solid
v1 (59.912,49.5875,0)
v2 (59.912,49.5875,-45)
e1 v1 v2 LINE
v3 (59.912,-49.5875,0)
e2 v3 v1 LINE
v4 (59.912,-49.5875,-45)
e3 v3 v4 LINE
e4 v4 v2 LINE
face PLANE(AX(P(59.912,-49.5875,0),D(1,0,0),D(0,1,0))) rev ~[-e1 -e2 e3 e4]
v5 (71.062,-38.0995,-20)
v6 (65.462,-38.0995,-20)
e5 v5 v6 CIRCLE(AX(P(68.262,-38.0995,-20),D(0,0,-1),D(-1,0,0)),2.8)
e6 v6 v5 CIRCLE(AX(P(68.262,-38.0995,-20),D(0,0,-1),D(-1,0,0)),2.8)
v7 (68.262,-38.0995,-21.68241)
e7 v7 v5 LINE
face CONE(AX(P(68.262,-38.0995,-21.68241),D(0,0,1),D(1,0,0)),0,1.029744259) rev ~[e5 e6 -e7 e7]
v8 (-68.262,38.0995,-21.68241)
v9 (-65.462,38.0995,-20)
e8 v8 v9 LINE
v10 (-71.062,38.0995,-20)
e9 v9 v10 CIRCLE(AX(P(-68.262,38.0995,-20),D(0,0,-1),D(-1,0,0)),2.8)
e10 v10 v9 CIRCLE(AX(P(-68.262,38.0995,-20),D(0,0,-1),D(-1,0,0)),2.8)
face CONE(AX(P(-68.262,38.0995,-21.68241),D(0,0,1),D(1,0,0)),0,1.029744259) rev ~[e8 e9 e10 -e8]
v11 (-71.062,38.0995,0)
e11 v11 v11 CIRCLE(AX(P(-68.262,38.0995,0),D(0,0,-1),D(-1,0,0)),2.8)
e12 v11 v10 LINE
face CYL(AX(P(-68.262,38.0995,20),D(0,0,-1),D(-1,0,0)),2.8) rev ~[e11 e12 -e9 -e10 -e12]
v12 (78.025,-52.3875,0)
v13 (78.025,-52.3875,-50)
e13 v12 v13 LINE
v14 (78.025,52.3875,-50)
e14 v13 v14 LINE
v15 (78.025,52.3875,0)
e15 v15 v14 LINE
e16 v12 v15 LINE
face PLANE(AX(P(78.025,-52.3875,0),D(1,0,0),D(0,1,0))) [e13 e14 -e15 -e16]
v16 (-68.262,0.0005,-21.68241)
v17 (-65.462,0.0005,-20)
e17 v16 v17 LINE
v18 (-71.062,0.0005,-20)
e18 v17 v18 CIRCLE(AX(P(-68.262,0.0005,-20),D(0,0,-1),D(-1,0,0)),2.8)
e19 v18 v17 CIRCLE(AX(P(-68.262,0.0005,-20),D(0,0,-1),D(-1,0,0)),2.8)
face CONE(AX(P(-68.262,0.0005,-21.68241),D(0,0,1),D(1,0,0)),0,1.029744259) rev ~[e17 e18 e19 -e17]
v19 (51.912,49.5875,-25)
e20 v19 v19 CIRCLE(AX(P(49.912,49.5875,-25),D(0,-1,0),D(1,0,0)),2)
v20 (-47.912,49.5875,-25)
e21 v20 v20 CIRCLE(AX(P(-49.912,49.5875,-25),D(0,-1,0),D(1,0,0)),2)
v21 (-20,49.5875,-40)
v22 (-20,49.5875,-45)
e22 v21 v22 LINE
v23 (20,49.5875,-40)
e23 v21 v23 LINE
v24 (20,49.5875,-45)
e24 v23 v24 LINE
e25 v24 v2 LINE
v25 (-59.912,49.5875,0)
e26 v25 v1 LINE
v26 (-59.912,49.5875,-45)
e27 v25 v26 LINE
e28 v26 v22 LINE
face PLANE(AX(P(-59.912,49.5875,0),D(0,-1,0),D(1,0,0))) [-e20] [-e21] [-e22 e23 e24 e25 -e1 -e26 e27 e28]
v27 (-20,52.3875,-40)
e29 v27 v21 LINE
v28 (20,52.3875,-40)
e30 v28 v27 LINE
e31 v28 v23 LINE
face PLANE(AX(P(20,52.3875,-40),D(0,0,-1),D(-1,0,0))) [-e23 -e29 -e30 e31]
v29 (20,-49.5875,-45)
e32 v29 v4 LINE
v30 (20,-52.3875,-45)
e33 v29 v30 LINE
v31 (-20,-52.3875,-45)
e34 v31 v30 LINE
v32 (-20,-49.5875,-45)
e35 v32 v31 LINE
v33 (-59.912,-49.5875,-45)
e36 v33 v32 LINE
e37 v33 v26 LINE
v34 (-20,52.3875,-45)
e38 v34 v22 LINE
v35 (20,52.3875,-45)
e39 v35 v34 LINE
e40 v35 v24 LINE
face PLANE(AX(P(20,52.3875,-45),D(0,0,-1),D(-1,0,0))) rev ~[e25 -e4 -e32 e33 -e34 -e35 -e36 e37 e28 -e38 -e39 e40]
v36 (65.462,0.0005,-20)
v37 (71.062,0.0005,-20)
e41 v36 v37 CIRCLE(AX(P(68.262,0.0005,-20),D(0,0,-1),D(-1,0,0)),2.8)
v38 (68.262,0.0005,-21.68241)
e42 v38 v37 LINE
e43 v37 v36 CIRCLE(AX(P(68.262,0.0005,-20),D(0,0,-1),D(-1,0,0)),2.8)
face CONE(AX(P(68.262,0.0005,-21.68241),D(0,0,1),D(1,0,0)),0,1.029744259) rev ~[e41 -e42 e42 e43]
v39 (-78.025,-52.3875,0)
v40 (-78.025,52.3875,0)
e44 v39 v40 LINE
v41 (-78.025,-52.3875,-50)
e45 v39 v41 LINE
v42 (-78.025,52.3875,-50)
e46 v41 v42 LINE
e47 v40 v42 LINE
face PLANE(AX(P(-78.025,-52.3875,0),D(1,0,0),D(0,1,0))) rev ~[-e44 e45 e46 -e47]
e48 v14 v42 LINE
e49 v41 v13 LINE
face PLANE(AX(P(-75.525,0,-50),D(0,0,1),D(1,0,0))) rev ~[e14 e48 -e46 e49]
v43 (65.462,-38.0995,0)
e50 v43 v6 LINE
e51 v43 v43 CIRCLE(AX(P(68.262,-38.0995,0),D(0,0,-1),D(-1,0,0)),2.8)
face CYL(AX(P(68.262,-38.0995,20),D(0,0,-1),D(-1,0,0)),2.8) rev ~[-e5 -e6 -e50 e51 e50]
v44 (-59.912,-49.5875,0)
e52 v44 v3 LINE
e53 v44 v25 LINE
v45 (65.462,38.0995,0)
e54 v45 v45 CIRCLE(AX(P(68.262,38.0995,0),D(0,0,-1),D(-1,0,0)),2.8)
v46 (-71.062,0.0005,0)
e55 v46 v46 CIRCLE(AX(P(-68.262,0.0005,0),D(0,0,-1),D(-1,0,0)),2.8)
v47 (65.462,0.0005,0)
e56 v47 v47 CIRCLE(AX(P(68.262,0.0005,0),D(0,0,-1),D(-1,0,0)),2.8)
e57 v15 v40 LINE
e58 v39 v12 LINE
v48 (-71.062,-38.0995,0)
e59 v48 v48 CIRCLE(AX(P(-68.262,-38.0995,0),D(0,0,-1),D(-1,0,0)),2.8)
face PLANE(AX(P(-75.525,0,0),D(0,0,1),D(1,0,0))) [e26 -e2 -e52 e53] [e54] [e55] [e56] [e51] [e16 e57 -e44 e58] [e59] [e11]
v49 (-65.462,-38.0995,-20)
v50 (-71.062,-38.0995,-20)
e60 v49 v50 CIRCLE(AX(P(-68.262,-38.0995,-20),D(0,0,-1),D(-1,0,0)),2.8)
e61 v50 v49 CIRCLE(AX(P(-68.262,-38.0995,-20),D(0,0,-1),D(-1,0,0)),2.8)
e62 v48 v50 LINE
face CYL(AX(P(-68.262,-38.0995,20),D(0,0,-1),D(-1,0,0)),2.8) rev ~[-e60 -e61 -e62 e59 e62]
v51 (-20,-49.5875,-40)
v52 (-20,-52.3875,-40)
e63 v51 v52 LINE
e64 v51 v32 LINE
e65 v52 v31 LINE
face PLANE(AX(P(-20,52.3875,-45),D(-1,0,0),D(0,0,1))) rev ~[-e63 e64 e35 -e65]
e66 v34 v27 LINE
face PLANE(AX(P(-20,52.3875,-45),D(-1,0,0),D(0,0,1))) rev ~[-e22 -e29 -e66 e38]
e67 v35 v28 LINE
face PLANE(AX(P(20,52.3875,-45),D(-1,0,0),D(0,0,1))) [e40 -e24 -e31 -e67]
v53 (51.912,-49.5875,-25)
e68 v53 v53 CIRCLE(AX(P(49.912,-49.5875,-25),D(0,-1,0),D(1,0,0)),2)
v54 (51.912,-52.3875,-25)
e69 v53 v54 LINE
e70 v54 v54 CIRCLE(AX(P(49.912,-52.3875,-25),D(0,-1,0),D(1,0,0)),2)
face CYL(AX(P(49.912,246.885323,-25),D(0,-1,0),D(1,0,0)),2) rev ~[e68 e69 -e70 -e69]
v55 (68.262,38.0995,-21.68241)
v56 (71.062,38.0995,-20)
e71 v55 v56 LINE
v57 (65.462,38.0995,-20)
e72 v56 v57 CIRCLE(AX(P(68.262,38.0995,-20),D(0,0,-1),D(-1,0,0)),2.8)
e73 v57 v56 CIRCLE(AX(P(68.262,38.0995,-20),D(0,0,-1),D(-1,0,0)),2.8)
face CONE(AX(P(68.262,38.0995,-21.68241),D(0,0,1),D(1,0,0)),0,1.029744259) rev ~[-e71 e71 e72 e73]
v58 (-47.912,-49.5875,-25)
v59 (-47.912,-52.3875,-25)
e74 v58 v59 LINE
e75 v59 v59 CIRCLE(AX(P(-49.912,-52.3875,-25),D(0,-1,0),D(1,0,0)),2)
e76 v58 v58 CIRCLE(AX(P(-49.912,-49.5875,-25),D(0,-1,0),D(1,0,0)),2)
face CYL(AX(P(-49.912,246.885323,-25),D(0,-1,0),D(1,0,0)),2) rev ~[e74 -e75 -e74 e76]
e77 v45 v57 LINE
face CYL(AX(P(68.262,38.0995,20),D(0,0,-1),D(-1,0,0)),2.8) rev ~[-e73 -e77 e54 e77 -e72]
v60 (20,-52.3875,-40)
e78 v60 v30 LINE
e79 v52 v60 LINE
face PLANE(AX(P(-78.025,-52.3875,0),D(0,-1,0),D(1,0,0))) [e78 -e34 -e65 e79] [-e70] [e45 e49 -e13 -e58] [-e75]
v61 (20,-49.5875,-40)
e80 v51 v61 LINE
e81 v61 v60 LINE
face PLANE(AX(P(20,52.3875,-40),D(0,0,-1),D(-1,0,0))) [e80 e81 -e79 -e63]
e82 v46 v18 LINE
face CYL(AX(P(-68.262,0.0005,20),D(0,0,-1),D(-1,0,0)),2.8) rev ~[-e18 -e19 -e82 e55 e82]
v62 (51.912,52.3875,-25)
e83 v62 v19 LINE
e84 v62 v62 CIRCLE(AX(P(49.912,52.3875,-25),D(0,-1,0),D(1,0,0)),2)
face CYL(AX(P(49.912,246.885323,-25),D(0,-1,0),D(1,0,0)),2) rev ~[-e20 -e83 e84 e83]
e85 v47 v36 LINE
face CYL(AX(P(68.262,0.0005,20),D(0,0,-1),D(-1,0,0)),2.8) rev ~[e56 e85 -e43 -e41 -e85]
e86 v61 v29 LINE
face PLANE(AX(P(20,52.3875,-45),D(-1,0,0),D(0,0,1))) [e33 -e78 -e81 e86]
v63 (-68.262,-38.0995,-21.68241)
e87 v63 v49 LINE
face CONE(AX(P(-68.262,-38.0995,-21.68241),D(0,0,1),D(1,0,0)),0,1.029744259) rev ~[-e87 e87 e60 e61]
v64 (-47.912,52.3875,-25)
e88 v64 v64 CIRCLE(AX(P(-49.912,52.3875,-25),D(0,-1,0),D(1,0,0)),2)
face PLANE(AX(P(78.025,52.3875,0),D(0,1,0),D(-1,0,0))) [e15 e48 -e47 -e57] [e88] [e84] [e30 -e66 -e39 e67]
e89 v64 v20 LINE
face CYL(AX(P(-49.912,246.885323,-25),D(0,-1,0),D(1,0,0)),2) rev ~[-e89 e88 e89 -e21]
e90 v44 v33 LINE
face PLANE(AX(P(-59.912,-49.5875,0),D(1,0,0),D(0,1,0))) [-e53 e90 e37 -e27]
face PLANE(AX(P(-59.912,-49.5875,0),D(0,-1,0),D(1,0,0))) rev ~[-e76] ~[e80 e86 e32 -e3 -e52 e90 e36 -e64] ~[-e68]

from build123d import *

# Parameters (mm, degrees)
F0_W     = 5
F0_H     = 104.775
F0_W_2   = 146.05
F0_R     = 3.24
F1_DEPTH = 50
F2_W     = 119.824
F2_H     = 99.175
F3_DEPTH = 45
F4_D     = 5.6
F4_DEPTH = 20
F4_TIP   = 1.6824097333
F5_W     = 40
F5_H     = 5
F6_DEPTH = 104.776
F7_D     = 4


with BuildPart() as f1:
    # F0 (on Top) → F1 (new body)
    with BuildSketch(Plane.XY):
        with Locations((-75.525, 0)):
            Rectangle(F0_W, F0_H)
        Rectangle(F0_W_2, F0_H)
        with Locations((-68.262, -38.0995)):
            Circle(F0_R, mode=Mode.SUBTRACT)
        with Locations((68.262, -38.0995)):
            Circle(F0_R, mode=Mode.SUBTRACT)
        with Locations((-68.262, 0.0005)):
            Circle(F0_R, mode=Mode.SUBTRACT)
        with BuildLine():
            ThreePointArc((68.262, 44.4495), (61.912, 38.0995), (68.262, 31.7495))
            Line((68.262, 31.7495), (72.225, 31.7495))
            Line((72.225, 31.7495), (72.225, 6.3505))
            Line((72.225, 6.3505), (68.262, 6.3505))
            ThreePointArc((68.262, 6.3505), (61.912, 0.0005), (68.262, -6.3495))
            Line((68.262, -6.3495), (72.225, -6.3495))
            Line((72.225, -6.3495), (72.225, -31.7495))
            Line((72.225, -31.7495), (68.262, -31.7495))
            ThreePointArc((68.262, -31.7495), (61.912, -38.0995), (68.262, -44.4495))
            Line((68.262, -44.4495), (72.225, -44.4495))
            Line((72.225, -44.4495), (72.225, -51.5875))
            Line((72.225, -51.5875), (-72.225, -51.5875))
            Line((-72.225, -51.5875), (-72.225, -44.4495))
            Line((-72.225, -44.4495), (-68.262, -44.4495))
            ThreePointArc((-68.262, -44.4495), (-61.912, -38.0995), (-68.262, -31.7495))
            Line((-68.262, -31.7495), (-72.225, -31.7495))
            Line((-72.225, -31.7495), (-72.225, -6.3495))
            Line((-72.225, -6.3495), (-68.262, -6.3495))
            ThreePointArc((-68.262, -6.3495), (-61.912, 0.0005), (-68.262, 6.3505))
            Line((-68.262, 6.3505), (-72.225, 6.3505))
            Line((-72.225, 6.3505), (-72.225, 31.7495))
            Line((-72.225, 31.7495), (-68.262, 31.7495))
            ThreePointArc((-68.262, 31.7495), (-61.912, 38.0995), (-68.262, 44.4495))
            Line((-68.262, 44.4495), (-72.225, 44.4495))
            Line((-72.225, 44.4495), (-72.225, 51.5875))
            Line((-72.225, 51.5875), (72.225, 51.5875))
            Line((72.225, 51.5875), (72.225, 44.4495))
            Line((72.225, 44.4495), (68.262, 44.4495))
        make_face(mode=Mode.SUBTRACT)
        with Locations((-68.262, 38.0995)):
            Circle(F0_R, mode=Mode.SUBTRACT)
        with Locations((68.262, 0.0005)):
            Circle(F0_R, mode=Mode.SUBTRACT)
        with Locations((68.262, 38.0995)):
            Circle(F0_R, mode=Mode.SUBTRACT)
        with Locations((75.525, 0)):
            Rectangle(F0_W, F0_H)
        with Locations((-68.262, 38.0995)):
            Circle(F0_R)
        with BuildLine():
            Line((72.225, 31.7495), (68.262, 31.7495))
            ThreePointArc((68.262, 31.7495), (61.912, 38.0995), (68.262, 44.4495))
            Line((68.262, 44.4495), (72.225, 44.4495))
            Line((72.225, 44.4495), (72.225, 51.5875))
            Line((72.225, 51.5875), (-72.225, 51.5875))
            Line((-72.225, 51.5875), (-72.225, 44.4495))
            Line((-72.225, 44.4495), (-68.262, 44.4495))
            ThreePointArc((-68.262, 44.4495), (-61.912, 38.0995), (-68.262, 31.7495))
            Line((-68.262, 31.7495), (-72.225, 31.7495))
            Line((-72.225, 31.7495), (-72.225, 6.3505))
            Line((-72.225, 6.3505), (-68.262, 6.3505))
            ThreePointArc((-68.262, 6.3505), (-61.912, 0.0005), (-68.262, -6.3495))
            Line((-68.262, -6.3495), (-72.225, -6.3495))
            Line((-72.225, -6.3495), (-72.225, -31.7495))
            Line((-72.225, -31.7495), (-68.262, -31.7495))
            ThreePointArc((-68.262, -31.7495), (-61.912, -38.0995), (-68.262, -44.4495))
            Line((-68.262, -44.4495), (-72.225, -44.4495))
            Line((-72.225, -44.4495), (-72.225, -51.5875))
            Line((-72.225, -51.5875), (72.225, -51.5875))
            Line((72.225, -51.5875), (72.225, -44.4495))
            Line((72.225, -44.4495), (68.262, -44.4495))
            ThreePointArc((68.262, -44.4495), (61.912, -38.0995), (68.262, -31.7495))
            Line((68.262, -31.7495), (72.225, -31.7495))
            Line((72.225, -31.7495), (72.225, -6.3495))
            Line((72.225, -6.3495), (68.262, -6.3495))
            ThreePointArc((68.262, -6.3495), (61.912, 0.0005), (68.262, 6.3505))
            Line((68.262, 6.3505), (72.225, 6.3505))
            Line((72.225, 6.3505), (72.225, 31.7495))
        make_face()
        with Locations((-68.262, 0.0005)):
            Circle(F0_R)
        with Locations((-68.262, -38.0995)):
            Circle(F0_R)
        with Locations((68.262, -38.0995)):
            Circle(F0_R)
        with Locations((68.262, 0.0005)):
            Circle(F0_R)
        with Locations((68.262, 38.0995)):
            Circle(F0_R)
    extrude(amount=-F1_DEPTH)

    # F2 (on face) → F3 (cut)
    with BuildSketch(Plane.XY):
        Rectangle(F2_W, F2_H)
    extrude(amount=-F3_DEPTH, mode=Mode.SUBTRACT)

    # F4
    with Locations(Plane.XY):
        with Locations((-68.262, 38.0995), (-68.262, 0.0005), (-68.262, -38.0995), (68.262, -38.0995), (68.262, 38.0995), (68.262, 0.0005)):
            Hole(F4_D / 2, depth=F4_DEPTH)
            with Locations((0, 0, -(F4_DEPTH + F4_TIP / 2))):  # 118° drill point
                Cone(0, F4_D / 2, F4_TIP, mode=Mode.SUBTRACT)

    # F5 (on face) → F6 (cut, through all)
    with BuildSketch(Plane(origin=(0, 52.3875, 0), x_dir=(-1, 0, 0), z_dir=(0, 1, 0))):
        with Locations((0, -42.5)):
            Rectangle(F5_W, F5_H)
    extrude(amount=-F6_DEPTH, mode=Mode.SUBTRACT)

    # F7 (through all)
    with Locations(Plane(origin=(0, 52.3875, 0), x_dir=(-1, 0, 0), z_dir=(0, 1, 0))):
        with Locations((-49.912, -25), (49.912, -25)):
            Hole(F7_D / 2)


solid = f1.part
